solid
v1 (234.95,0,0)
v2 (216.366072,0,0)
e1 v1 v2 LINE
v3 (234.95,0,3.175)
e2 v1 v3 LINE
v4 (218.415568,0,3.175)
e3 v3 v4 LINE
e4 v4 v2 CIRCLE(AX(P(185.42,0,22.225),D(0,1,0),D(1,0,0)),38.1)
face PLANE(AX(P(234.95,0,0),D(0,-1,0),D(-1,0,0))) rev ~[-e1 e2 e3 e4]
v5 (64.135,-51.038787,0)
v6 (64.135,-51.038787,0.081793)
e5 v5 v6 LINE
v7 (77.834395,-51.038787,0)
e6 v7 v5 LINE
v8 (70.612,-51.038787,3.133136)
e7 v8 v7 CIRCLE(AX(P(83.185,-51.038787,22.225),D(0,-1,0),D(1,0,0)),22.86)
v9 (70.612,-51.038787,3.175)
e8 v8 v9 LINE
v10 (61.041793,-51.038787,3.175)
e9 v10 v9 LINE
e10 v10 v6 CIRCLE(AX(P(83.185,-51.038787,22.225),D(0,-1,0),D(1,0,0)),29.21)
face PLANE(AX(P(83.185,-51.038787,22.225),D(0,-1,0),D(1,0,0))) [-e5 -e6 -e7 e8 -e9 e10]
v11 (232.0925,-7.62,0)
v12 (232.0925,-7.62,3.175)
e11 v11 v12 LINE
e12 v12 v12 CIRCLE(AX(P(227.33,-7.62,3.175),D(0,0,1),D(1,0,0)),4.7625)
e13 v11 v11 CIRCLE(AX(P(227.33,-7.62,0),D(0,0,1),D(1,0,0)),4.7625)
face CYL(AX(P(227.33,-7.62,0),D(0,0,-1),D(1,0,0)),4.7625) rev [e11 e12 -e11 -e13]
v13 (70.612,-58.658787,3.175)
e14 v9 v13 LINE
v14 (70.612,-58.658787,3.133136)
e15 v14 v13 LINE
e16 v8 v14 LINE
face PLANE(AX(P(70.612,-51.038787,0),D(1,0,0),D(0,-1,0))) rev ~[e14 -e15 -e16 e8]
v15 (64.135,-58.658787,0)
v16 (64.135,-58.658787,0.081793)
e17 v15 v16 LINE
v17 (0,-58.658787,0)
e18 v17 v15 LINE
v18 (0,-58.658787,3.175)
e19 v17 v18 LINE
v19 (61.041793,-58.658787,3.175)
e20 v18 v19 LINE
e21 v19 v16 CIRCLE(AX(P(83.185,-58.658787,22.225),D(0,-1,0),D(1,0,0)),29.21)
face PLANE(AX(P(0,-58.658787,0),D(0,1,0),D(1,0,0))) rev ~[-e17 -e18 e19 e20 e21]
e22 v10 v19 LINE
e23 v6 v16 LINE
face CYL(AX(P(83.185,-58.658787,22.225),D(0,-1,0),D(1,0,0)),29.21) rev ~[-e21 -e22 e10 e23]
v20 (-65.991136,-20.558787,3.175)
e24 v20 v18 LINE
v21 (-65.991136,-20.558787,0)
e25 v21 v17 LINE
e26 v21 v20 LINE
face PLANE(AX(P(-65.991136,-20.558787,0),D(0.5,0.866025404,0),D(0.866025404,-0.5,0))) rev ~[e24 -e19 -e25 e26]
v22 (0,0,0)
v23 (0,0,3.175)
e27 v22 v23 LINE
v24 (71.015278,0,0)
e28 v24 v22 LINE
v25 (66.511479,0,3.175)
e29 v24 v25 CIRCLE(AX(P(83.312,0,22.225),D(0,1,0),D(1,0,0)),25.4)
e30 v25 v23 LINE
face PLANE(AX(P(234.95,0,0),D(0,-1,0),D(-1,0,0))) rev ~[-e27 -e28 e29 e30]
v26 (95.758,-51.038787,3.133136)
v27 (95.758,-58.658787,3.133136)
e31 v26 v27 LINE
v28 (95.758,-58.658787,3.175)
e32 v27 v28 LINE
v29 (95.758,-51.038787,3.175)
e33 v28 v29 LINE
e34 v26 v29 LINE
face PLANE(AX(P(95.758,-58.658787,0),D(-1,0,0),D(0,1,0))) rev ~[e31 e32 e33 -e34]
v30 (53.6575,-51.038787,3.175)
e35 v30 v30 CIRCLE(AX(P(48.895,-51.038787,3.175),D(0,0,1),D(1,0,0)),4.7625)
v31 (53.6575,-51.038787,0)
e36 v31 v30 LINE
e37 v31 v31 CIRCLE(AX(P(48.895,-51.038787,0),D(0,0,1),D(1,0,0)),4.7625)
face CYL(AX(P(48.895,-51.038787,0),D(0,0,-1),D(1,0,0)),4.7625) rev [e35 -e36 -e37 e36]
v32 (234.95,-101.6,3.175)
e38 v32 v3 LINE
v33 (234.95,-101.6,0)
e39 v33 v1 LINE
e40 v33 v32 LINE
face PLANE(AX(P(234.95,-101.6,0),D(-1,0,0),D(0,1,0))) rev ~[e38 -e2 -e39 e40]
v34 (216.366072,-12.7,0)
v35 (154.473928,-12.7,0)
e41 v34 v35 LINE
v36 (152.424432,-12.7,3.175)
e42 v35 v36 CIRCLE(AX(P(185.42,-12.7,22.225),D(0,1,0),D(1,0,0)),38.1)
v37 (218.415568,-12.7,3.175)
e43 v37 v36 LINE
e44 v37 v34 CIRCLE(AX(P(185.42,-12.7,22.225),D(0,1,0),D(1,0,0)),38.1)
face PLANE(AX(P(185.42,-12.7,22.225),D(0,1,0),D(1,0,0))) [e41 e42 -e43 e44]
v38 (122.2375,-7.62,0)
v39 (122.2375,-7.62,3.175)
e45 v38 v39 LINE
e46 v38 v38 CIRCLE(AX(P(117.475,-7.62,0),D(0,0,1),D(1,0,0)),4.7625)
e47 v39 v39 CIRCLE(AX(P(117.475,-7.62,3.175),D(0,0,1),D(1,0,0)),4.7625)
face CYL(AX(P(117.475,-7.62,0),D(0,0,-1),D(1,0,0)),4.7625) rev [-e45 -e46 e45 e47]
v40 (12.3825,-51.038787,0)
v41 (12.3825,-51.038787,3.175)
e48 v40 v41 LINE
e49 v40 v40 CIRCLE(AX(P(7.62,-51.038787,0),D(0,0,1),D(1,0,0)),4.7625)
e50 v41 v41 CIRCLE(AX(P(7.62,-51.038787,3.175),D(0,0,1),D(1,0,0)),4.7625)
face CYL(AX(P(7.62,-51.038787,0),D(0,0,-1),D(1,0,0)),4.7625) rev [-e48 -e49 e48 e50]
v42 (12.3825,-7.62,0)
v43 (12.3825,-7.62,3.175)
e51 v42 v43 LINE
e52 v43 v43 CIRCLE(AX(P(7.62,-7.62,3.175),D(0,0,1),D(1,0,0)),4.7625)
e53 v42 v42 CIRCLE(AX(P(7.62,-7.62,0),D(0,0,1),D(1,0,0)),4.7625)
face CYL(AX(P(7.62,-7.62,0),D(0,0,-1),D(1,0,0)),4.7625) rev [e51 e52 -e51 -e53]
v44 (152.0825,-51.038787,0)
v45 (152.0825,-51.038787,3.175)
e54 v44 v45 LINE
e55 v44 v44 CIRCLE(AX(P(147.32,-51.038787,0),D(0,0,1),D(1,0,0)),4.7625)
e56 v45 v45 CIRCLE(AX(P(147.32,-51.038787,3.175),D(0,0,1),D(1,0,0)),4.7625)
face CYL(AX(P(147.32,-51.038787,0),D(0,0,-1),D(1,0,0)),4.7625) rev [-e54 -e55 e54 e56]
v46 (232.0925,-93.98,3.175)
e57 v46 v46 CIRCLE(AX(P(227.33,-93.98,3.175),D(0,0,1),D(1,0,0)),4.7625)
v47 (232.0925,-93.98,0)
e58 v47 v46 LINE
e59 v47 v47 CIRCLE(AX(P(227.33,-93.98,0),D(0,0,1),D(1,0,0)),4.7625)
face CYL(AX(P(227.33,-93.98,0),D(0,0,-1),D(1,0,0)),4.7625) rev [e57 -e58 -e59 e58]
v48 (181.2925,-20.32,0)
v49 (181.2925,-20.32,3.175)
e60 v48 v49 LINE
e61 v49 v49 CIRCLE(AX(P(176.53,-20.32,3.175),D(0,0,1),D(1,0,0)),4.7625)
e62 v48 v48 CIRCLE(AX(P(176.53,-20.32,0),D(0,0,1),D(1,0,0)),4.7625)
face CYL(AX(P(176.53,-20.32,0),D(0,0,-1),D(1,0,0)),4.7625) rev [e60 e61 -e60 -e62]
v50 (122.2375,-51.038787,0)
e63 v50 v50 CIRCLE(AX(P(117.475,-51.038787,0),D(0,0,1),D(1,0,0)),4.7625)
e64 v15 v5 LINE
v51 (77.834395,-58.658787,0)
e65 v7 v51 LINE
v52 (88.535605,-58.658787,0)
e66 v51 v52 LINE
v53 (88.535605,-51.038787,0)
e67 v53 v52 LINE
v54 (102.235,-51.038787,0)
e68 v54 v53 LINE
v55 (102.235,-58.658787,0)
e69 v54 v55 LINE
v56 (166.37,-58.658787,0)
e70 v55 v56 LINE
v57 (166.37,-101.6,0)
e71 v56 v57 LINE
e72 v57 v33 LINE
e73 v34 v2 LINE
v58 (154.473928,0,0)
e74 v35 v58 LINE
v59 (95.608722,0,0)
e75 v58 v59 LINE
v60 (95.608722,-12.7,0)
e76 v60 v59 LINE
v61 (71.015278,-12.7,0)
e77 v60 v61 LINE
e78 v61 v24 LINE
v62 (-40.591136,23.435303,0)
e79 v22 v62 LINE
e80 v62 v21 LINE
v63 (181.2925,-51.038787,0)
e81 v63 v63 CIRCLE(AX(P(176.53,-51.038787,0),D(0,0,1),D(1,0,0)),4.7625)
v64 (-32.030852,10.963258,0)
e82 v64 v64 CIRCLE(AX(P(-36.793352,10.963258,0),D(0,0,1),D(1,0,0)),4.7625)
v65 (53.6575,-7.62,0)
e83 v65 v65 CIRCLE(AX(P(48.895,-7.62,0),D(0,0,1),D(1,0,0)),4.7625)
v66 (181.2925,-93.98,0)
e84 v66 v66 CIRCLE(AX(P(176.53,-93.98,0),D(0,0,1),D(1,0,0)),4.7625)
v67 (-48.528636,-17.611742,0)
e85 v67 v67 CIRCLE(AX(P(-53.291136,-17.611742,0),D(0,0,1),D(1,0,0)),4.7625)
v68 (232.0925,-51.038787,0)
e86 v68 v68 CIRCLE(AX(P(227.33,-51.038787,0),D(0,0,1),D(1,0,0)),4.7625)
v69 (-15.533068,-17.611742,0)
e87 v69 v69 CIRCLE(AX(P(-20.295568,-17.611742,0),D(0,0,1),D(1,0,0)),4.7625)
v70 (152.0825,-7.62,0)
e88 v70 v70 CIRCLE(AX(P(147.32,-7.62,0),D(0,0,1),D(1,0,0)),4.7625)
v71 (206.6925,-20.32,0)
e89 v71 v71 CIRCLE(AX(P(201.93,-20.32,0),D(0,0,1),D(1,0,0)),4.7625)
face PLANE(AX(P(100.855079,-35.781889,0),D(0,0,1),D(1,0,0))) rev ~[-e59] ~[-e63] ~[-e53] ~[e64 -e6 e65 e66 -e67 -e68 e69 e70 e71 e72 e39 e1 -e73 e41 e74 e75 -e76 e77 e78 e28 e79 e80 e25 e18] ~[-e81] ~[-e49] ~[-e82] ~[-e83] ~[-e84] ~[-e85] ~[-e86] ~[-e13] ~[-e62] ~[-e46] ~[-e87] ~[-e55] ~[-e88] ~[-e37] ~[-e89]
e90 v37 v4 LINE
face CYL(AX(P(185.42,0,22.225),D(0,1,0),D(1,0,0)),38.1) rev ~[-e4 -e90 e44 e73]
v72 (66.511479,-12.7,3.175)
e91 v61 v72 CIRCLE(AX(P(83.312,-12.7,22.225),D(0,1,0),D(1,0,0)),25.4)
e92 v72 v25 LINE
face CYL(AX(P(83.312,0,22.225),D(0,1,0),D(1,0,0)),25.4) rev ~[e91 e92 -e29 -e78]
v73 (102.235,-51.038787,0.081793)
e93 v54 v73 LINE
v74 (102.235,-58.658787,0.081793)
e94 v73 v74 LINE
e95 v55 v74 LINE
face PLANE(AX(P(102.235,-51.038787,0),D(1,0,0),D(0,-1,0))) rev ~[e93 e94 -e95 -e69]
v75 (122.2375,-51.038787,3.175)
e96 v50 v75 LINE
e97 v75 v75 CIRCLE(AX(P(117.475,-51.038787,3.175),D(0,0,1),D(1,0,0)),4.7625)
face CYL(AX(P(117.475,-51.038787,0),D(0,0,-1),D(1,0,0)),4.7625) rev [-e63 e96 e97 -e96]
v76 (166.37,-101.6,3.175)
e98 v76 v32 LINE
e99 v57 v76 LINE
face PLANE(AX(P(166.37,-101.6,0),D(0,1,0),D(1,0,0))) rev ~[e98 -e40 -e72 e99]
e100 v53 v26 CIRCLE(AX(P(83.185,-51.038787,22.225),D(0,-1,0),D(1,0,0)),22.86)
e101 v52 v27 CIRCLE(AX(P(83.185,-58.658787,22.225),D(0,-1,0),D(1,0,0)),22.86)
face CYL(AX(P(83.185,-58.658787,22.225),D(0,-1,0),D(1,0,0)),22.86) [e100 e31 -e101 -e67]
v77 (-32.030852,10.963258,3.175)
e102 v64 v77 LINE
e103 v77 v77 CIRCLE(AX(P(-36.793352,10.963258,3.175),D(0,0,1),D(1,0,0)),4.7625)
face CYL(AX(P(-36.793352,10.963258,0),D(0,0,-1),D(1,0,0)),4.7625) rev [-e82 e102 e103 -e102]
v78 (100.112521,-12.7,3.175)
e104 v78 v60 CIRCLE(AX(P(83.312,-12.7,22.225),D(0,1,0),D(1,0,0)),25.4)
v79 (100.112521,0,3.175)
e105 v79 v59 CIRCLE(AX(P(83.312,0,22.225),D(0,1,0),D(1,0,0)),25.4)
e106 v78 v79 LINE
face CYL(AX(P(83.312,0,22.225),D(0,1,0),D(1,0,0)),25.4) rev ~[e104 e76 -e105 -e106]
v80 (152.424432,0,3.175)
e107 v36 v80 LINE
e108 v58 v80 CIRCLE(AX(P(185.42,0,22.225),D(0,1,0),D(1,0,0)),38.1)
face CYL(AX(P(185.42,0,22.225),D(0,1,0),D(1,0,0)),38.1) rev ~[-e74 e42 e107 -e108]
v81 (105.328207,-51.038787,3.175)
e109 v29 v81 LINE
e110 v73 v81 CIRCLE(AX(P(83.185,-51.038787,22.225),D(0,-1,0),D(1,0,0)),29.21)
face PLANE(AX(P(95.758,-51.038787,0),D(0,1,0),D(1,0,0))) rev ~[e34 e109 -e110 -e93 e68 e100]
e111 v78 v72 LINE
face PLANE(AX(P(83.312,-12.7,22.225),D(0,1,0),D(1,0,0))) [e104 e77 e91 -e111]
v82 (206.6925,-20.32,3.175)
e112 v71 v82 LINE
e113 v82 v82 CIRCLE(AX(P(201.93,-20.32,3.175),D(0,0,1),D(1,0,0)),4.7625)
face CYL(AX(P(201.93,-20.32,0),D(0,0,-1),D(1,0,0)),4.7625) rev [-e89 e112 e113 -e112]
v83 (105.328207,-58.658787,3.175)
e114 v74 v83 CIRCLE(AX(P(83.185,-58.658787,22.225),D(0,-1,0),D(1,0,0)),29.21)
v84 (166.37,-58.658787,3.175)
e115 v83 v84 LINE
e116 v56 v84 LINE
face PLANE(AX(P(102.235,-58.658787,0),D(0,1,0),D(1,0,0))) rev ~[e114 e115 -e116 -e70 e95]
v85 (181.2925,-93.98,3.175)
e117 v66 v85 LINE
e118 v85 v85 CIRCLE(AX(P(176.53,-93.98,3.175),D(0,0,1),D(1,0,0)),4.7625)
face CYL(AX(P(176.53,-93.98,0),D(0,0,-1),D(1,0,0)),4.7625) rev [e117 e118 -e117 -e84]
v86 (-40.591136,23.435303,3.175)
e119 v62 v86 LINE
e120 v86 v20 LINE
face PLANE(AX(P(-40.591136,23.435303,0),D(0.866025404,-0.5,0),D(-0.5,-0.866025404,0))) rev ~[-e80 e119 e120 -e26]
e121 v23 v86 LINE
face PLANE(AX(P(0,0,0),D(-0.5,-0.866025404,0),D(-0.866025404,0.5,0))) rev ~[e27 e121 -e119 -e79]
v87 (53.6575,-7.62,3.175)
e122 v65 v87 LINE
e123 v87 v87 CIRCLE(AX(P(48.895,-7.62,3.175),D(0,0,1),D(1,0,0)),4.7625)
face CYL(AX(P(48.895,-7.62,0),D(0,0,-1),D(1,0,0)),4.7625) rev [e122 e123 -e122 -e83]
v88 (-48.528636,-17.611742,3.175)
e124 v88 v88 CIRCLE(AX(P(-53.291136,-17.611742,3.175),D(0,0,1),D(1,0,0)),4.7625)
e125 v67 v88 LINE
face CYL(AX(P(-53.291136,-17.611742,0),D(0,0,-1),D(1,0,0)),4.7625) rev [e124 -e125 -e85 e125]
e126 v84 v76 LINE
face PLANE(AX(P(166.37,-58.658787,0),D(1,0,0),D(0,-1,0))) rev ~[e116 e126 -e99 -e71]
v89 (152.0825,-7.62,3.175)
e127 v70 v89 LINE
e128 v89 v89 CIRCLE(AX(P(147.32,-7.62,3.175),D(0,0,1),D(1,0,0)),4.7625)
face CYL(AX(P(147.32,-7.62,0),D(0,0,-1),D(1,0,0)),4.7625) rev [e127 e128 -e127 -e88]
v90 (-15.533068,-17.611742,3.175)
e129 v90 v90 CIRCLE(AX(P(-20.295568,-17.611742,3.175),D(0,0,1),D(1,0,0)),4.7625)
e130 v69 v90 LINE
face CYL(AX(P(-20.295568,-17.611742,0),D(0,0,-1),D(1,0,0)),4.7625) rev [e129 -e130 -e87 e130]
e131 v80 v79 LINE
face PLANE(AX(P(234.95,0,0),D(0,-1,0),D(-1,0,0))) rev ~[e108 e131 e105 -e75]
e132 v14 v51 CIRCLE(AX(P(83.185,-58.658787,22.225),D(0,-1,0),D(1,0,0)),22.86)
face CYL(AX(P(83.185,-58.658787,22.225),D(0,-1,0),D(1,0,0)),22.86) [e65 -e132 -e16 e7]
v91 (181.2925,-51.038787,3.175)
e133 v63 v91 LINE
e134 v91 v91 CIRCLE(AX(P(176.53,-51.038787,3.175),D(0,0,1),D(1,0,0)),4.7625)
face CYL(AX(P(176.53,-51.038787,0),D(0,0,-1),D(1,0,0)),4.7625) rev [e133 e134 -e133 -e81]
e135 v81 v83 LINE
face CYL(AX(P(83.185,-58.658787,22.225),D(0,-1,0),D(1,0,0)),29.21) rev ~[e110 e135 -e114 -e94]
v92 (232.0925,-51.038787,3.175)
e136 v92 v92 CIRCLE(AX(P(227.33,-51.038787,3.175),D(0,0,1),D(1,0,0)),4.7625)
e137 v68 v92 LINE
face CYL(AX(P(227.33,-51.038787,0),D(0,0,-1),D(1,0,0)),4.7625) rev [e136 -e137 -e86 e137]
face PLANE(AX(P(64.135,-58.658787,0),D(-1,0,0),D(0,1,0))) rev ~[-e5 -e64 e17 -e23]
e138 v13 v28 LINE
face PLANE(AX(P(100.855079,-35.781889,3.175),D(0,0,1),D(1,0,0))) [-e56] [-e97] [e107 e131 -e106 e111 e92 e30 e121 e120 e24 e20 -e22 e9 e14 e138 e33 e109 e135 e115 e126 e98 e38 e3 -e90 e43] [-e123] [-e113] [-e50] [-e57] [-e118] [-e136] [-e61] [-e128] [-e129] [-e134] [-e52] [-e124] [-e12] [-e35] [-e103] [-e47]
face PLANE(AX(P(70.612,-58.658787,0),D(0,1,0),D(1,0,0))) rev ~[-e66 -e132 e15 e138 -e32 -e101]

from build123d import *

# Parameters (mm, degrees)
SKETCH1_R           = 4.7625
BOSS_EXTRUDE1_DEPTH = 3.175
SKETCH2_R           = 29.21
SKETCH2_R_2         = 22.86
CUT_EXTRUDE1_DEPTH  = 7.62
SKETCH5_R           = 38.1
SKETCH5_R_2         = 25.4
CUT_EXTRUDE5_DEPTH  = 12.7


with BuildPart() as part:
    # Sketch1 → Boss-Extrude1 (new body)
    with BuildSketch(Plane.XY):
        Polygon((0, 0), (-40.591135768, 23.435303163), (-65.991135768, -20.55878735), (0, -58.65878735), (64.135, -58.65878735), (64.135, -51.03878735), (70.612, -51.03878735), (70.612, -58.65878735), (95.758, -58.65878735), (95.758, -51.03878735), (102.235, -51.03878735), (102.235, -58.65878735), (166.37, -58.65878735), (166.37, -101.6), (234.95, -101.6), (234.95, 0), align=None)
        with Locations((-20.295567884, -17.611742094)):
            Circle(SKETCH1_R, mode=Mode.SUBTRACT)
        with Locations((-53.291135768, -17.611742094)):
            Circle(SKETCH1_R, mode=Mode.SUBTRACT)
        with Locations((-36.793351826, 10.963257906)):
            Circle(SKETCH1_R, mode=Mode.SUBTRACT)
        with Locations((7.62, -51.03878735)):
            Circle(SKETCH1_R, mode=Mode.SUBTRACT)
        with Locations((7.62, -7.62)):
            Circle(SKETCH1_R, mode=Mode.SUBTRACT)
        with Locations((48.895, -7.62)):
            Circle(SKETCH1_R, mode=Mode.SUBTRACT)
        with Locations((117.475, -7.62)):
            Circle(SKETCH1_R, mode=Mode.SUBTRACT)
        with Locations((147.32, -7.62)):
            Circle(SKETCH1_R, mode=Mode.SUBTRACT)
        with Locations((117.475, -51.03878735)):
            Circle(SKETCH1_R, mode=Mode.SUBTRACT)
        with Locations((48.895, -51.03878735)):
            Circle(SKETCH1_R, mode=Mode.SUBTRACT)
        with Locations((147.32, -51.03878735)):
            Circle(SKETCH1_R, mode=Mode.SUBTRACT)
        with Locations((176.53, -20.32)):
            Circle(SKETCH1_R, mode=Mode.SUBTRACT)
        with Locations((201.93, -20.32)):
            Circle(SKETCH1_R, mode=Mode.SUBTRACT)
        with Locations((227.33, -7.62)):
            Circle(SKETCH1_R, mode=Mode.SUBTRACT)
        with Locations((227.33, -93.98)):
            Circle(SKETCH1_R, mode=Mode.SUBTRACT)
        with Locations((176.53, -93.98)):
            Circle(SKETCH1_R, mode=Mode.SUBTRACT)
        with Locations((227.33, -51.03878735)):
            Circle(SKETCH1_R, mode=Mode.SUBTRACT)
        with Locations((176.53, -51.03878735)):
            Circle(SKETCH1_R, mode=Mode.SUBTRACT)
    extrude(amount=BOSS_EXTRUDE1_DEPTH)

    # Sketch2 → Cut-Extrude1 (cut)
    with BuildSketch(Plane.XZ.offset(58.65878735)):
        with Locations((83.185, 22.225)):
            Circle(SKETCH2_R)
        with Locations((83.185, 22.225)):
            Circle(SKETCH2_R_2, mode=Mode.SUBTRACT)
    extrude(amount=-CUT_EXTRUDE1_DEPTH, mode=Mode.SUBTRACT)

    # Sketch5 → Cut-Extrude5 (cut)
    with BuildSketch(Plane(origin=(0, 0, 0), x_dir=(1, 0, 0), z_dir=(0, 1, 0))):
        with Locations((185.42, -22.225)):
            Circle(SKETCH5_R)
        with Locations((83.312, -22.225)):
            Circle(SKETCH5_R_2)
    extrude(amount=-CUT_EXTRUDE5_DEPTH, mode=Mode.SUBTRACT)


solid = part.part
